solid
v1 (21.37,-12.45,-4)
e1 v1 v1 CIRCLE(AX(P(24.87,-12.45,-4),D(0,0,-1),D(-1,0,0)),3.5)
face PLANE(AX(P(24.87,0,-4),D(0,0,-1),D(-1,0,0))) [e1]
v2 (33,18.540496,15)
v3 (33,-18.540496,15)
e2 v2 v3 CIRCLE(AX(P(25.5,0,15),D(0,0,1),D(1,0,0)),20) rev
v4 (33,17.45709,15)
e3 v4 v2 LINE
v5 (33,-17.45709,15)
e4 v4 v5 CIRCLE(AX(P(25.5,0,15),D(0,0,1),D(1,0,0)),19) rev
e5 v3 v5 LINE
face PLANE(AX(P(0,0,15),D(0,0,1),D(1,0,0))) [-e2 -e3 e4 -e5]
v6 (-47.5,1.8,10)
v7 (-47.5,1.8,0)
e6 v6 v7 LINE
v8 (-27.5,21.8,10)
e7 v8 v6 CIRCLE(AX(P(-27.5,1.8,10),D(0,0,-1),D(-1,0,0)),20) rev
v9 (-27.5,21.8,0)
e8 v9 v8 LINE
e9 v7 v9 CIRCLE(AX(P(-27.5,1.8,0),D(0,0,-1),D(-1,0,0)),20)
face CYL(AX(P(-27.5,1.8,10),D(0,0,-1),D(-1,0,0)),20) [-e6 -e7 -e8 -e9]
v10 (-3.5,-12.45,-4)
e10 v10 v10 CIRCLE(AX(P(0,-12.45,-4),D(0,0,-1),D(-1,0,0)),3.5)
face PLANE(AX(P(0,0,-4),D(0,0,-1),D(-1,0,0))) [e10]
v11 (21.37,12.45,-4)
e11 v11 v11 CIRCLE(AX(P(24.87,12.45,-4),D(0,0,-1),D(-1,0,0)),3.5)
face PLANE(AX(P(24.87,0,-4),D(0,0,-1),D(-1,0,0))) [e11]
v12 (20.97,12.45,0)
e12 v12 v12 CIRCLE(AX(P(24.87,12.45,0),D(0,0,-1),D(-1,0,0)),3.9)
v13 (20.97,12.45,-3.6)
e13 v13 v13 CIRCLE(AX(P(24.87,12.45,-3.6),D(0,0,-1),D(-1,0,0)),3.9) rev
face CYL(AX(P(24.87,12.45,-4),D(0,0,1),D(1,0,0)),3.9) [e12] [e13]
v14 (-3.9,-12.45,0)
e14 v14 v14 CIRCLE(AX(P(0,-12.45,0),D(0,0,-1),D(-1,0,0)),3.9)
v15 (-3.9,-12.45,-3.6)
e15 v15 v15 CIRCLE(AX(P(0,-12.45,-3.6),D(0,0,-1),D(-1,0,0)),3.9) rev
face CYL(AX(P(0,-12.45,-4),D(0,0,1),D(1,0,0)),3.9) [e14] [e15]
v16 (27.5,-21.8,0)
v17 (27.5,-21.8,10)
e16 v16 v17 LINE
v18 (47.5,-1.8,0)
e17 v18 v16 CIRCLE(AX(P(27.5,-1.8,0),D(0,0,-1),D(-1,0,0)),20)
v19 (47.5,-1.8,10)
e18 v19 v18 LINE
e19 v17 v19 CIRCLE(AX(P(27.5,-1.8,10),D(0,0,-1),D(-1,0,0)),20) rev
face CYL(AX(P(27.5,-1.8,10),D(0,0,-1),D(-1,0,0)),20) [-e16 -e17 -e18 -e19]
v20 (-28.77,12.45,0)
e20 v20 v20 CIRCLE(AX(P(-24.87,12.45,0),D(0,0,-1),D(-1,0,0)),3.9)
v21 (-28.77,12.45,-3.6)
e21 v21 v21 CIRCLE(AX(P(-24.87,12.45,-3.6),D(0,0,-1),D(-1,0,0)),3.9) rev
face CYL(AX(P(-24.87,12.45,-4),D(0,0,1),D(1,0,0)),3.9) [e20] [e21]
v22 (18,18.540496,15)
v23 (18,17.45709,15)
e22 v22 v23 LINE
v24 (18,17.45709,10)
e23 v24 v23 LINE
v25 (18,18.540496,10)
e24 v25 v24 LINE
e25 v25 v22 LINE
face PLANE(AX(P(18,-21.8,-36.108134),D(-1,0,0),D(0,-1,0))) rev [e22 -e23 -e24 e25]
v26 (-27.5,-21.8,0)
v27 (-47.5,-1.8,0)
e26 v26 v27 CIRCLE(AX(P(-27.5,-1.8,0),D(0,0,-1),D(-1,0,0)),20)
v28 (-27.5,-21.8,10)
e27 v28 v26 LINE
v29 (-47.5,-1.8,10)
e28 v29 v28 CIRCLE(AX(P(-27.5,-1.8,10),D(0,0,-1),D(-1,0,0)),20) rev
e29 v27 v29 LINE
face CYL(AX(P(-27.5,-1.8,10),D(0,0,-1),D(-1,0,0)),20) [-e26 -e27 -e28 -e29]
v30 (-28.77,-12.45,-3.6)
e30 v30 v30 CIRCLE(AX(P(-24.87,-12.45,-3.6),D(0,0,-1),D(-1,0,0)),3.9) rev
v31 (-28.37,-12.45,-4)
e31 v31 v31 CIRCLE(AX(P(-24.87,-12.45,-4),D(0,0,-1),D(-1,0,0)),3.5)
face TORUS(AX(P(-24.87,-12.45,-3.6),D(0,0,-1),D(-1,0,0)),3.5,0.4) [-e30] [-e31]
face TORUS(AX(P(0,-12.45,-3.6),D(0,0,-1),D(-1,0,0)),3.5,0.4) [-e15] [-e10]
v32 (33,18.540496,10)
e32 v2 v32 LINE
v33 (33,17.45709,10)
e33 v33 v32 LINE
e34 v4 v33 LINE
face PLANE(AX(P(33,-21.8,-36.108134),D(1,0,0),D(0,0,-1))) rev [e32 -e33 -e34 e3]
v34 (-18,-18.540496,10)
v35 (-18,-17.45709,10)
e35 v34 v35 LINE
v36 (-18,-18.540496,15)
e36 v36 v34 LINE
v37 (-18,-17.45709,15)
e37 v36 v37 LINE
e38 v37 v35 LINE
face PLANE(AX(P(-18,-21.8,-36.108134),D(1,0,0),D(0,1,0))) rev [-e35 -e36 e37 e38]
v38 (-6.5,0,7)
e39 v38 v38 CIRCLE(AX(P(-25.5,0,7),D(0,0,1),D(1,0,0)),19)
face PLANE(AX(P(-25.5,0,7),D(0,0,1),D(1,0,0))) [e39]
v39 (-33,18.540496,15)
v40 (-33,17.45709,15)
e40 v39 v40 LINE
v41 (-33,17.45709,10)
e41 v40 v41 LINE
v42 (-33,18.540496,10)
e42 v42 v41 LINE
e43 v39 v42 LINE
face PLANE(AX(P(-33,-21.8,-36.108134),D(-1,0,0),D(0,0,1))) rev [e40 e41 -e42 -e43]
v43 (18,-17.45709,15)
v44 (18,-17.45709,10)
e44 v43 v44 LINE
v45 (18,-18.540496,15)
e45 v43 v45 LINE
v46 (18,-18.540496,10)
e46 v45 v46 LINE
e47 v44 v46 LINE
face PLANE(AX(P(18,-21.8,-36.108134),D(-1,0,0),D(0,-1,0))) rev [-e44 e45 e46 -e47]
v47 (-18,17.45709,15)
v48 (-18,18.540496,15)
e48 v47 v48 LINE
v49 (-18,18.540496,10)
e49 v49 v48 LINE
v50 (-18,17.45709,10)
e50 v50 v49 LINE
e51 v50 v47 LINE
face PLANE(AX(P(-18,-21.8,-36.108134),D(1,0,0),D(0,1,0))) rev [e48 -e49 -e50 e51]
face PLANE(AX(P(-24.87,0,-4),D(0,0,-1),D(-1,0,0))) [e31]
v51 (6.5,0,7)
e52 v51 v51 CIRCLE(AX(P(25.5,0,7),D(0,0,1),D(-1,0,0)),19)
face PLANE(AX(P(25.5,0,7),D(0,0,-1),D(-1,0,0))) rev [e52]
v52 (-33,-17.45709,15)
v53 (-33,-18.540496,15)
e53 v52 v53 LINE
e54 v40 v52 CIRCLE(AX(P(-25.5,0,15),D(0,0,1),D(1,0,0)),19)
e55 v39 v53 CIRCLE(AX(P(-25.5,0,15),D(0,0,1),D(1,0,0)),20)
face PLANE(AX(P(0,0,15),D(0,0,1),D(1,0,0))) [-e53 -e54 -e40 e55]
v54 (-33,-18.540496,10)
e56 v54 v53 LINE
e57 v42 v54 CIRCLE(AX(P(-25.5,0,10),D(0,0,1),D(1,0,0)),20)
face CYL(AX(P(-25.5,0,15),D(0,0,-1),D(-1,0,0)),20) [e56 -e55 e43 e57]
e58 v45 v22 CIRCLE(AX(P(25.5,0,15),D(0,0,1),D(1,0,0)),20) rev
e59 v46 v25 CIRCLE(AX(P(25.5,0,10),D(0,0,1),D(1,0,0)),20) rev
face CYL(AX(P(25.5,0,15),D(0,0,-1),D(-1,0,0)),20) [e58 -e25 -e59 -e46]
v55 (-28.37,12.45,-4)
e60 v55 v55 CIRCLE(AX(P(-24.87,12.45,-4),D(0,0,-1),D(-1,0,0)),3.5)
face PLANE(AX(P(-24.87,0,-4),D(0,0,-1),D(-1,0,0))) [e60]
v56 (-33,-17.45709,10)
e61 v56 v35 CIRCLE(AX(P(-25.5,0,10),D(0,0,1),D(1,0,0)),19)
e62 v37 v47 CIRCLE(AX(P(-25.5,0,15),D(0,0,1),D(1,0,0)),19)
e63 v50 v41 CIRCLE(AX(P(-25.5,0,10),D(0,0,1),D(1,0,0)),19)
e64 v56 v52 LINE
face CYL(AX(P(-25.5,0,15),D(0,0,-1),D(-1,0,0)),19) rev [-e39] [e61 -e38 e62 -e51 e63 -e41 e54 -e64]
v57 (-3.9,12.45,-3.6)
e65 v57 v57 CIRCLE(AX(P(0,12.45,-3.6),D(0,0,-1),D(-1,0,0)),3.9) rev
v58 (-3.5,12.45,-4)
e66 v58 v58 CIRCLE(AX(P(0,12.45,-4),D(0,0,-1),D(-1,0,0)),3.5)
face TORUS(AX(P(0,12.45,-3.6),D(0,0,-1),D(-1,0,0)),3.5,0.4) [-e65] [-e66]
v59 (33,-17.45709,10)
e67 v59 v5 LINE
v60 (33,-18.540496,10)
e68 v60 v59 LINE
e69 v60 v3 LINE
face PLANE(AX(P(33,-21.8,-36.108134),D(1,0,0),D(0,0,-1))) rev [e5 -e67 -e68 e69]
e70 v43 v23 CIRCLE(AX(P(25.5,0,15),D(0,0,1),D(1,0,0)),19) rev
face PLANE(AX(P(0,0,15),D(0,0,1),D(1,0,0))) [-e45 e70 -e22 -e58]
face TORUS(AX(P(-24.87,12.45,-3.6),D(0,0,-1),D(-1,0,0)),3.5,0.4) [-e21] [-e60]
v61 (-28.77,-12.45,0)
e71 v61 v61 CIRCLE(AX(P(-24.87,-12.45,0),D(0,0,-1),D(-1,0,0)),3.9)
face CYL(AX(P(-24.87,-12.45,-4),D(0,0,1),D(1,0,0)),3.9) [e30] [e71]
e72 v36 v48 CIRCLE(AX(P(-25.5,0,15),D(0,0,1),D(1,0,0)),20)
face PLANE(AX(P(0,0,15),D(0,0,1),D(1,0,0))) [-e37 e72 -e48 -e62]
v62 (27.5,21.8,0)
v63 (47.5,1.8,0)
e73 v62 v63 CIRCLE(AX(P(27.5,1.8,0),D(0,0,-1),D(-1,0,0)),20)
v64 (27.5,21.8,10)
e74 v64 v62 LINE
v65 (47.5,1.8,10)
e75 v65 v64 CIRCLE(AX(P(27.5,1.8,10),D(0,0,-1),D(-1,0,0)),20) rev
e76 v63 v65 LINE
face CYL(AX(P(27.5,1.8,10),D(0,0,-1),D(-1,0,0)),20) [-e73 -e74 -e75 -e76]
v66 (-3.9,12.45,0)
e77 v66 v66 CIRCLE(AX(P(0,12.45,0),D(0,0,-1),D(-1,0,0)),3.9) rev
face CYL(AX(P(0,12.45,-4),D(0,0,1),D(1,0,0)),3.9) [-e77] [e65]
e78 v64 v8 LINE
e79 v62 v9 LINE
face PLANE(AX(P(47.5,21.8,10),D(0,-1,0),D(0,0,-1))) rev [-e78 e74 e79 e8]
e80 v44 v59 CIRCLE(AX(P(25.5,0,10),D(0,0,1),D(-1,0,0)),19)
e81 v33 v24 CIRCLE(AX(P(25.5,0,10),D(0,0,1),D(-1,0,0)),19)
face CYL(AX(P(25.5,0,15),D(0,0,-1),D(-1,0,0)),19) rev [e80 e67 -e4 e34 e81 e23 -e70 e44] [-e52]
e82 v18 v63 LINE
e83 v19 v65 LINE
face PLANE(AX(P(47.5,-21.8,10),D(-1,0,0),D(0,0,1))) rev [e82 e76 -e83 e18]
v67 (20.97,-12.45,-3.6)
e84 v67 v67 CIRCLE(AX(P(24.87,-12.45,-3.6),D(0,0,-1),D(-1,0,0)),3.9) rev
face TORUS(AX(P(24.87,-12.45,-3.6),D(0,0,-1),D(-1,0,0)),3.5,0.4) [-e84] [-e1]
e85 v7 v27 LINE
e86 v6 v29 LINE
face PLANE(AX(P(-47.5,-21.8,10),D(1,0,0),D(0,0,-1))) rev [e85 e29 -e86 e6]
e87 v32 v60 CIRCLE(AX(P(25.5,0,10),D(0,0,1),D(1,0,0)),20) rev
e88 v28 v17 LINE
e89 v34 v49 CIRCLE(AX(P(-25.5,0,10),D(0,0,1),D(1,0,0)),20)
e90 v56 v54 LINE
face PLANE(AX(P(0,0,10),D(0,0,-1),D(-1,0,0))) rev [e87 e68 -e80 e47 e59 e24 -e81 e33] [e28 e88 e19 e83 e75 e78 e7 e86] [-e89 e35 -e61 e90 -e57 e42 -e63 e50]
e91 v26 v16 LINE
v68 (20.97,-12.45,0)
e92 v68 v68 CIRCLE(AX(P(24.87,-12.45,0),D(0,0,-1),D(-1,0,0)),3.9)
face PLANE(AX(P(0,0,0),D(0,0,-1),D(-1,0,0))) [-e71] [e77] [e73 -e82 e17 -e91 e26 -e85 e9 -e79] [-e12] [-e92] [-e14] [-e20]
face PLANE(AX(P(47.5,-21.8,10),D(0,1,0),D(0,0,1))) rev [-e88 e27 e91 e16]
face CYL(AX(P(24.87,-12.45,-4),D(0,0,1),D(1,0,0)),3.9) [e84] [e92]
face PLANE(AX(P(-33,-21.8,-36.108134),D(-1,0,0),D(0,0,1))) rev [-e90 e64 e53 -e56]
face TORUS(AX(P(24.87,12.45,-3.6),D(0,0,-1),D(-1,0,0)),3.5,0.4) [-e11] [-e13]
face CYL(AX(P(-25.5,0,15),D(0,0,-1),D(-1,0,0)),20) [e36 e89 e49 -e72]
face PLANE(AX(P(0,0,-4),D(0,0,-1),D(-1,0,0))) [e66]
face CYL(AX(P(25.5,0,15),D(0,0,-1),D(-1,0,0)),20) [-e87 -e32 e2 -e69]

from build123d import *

# Parameters (mm, degrees)
SKETCH1_W           = 43.6
SKETCH1_H           = 95
BOSS_EXTRUDE1_DEPTH = 10
SKETCH2_R           = 3.9
BOSS_EXTRUDE2_DEPTH = 4
SKETCH5_R           = 20
SKETCH5_R_2         = 19
BOSS_EXTRUDE4_DEPTH = 5
SKETCH6_W           = 15
SKETCH6_H           = 43.6
CUT_EXTRUDE1_DEPTH  = 5
FILLET1_R           = 20
CUT_EXTRUDE2_START  = -3
SKETCH7_R           = 19
CUT_EXTRUDE2_DEPTH  = 3
LPATTERN1_COUNT     = 2
LPATTERN1_PITCH     = 24.87
LPATTERN1_COL_COUNT = 2
LPATTERN1_COL_PITCH = 24.87
FILLET3_R           = 0.4


with BuildPart() as part:
    # Sketch1 → Boss-Extrude1 (new body)
    with BuildSketch(Plane(origin=(0, 0, 0), x_dir=(0, 1, 0), z_dir=(0, 0, 1))):
        Rectangle(SKETCH1_W, SKETCH1_H)
    extrude(amount=BOSS_EXTRUDE1_DEPTH)

    # Sketch2 → Boss-Extrude2 (add)
    with BuildSketch(Plane(origin=(0, 0, 0), x_dir=(1, 0, 0), z_dir=(0, 0, -1))):
        with Locations(Location((0, 12.45, 0), (0, 0, 180))):
            Circle(SKETCH2_R)
        with Locations(Location((0, -12.45, 0), (0, 0, 180))):
            Circle(SKETCH2_R)
    boss_extrude2 = extrude(amount=BOSS_EXTRUDE2_DEPTH)

    # Sketch5 → Boss-Extrude4 (add)
    # profile 1 of 2: a face of its own
    with BuildSketch(Plane.XY.offset(10)):
        with Locations((-25.5, 0)):
            Circle(SKETCH5_R)
        with Locations((-25.5, 0)):
            Circle(SKETCH5_R_2, mode=Mode.SUBTRACT)
    # profile 2 of 2: a face of its own
    with BuildSketch(Plane.XY.offset(10)):
        with Locations((25.5, 0)):
            Circle(SKETCH5_R)
        with Locations((25.5, 0)):
            Circle(SKETCH5_R_2, mode=Mode.SUBTRACT)
    extrude(amount=BOSS_EXTRUDE4_DEPTH)

    # Sketch6 → Cut-Extrude1 (cut)
    with BuildSketch(Plane.XY.offset(15)):
        with Locations((-25.5, 0)):
            Rectangle(SKETCH6_W, SKETCH6_H)
        with Locations((25.5, 0)):
            Rectangle(SKETCH6_W, SKETCH6_H)
    extrude(amount=-CUT_EXTRUDE1_DEPTH, mode=Mode.SUBTRACT)

    # Fillet1
    fillet1_edges = [part.edges().sort_by_distance(p)[0] for p in [
        (47.5, 21.8, 5),
        (47.5, -21.8, 5),
        (-47.5, -21.8, 5),
        (-47.5, 21.8, 5),
    ]]
    fillet(fillet1_edges, radius=FILLET1_R)

    # Sketch7 → Cut-Extrude2 (cut)
    with BuildSketch(Plane.XY.offset(10).offset(CUT_EXTRUDE2_START)):
        with Locations(Location((-25.5, 0, 0), (0, 0, 246.750437409))):
            Circle(SKETCH7_R)
        with Locations(Location((25.5, 0, 0), (0, 0, 180))):
            Circle(SKETCH7_R)
    extrude(amount=CUT_EXTRUDE2_DEPTH, mode=Mode.SUBTRACT)

    # LPattern1: Boss-Extrude2 ×2
    with Locations(*[(-i * LPATTERN1_PITCH, 0, 0) for i in range(1, LPATTERN1_COUNT)]):
        add(boss_extrude2)

    # LPattern1 col: Boss-Extrude2 ×2
    with Locations(*[(i * LPATTERN1_COL_PITCH, 0, 0) for i in range(1, LPATTERN1_COL_COUNT)]):
        add(boss_extrude2)

    # Fillet3
    fillet3_edges = [part.edges().sort_by_distance(p)[0] for p in [
        (3.9, -12.45, -4),
        (28.77, 12.45, -4),
        (-20.97, -12.45, -4),
        (-20.97, 12.45, -4),
        (28.77, -12.45, -4),
        (3.9, 12.45, -4),
    ]]
    fillet(fillet3_edges, radius=FILLET3_R)


solid = part.part
